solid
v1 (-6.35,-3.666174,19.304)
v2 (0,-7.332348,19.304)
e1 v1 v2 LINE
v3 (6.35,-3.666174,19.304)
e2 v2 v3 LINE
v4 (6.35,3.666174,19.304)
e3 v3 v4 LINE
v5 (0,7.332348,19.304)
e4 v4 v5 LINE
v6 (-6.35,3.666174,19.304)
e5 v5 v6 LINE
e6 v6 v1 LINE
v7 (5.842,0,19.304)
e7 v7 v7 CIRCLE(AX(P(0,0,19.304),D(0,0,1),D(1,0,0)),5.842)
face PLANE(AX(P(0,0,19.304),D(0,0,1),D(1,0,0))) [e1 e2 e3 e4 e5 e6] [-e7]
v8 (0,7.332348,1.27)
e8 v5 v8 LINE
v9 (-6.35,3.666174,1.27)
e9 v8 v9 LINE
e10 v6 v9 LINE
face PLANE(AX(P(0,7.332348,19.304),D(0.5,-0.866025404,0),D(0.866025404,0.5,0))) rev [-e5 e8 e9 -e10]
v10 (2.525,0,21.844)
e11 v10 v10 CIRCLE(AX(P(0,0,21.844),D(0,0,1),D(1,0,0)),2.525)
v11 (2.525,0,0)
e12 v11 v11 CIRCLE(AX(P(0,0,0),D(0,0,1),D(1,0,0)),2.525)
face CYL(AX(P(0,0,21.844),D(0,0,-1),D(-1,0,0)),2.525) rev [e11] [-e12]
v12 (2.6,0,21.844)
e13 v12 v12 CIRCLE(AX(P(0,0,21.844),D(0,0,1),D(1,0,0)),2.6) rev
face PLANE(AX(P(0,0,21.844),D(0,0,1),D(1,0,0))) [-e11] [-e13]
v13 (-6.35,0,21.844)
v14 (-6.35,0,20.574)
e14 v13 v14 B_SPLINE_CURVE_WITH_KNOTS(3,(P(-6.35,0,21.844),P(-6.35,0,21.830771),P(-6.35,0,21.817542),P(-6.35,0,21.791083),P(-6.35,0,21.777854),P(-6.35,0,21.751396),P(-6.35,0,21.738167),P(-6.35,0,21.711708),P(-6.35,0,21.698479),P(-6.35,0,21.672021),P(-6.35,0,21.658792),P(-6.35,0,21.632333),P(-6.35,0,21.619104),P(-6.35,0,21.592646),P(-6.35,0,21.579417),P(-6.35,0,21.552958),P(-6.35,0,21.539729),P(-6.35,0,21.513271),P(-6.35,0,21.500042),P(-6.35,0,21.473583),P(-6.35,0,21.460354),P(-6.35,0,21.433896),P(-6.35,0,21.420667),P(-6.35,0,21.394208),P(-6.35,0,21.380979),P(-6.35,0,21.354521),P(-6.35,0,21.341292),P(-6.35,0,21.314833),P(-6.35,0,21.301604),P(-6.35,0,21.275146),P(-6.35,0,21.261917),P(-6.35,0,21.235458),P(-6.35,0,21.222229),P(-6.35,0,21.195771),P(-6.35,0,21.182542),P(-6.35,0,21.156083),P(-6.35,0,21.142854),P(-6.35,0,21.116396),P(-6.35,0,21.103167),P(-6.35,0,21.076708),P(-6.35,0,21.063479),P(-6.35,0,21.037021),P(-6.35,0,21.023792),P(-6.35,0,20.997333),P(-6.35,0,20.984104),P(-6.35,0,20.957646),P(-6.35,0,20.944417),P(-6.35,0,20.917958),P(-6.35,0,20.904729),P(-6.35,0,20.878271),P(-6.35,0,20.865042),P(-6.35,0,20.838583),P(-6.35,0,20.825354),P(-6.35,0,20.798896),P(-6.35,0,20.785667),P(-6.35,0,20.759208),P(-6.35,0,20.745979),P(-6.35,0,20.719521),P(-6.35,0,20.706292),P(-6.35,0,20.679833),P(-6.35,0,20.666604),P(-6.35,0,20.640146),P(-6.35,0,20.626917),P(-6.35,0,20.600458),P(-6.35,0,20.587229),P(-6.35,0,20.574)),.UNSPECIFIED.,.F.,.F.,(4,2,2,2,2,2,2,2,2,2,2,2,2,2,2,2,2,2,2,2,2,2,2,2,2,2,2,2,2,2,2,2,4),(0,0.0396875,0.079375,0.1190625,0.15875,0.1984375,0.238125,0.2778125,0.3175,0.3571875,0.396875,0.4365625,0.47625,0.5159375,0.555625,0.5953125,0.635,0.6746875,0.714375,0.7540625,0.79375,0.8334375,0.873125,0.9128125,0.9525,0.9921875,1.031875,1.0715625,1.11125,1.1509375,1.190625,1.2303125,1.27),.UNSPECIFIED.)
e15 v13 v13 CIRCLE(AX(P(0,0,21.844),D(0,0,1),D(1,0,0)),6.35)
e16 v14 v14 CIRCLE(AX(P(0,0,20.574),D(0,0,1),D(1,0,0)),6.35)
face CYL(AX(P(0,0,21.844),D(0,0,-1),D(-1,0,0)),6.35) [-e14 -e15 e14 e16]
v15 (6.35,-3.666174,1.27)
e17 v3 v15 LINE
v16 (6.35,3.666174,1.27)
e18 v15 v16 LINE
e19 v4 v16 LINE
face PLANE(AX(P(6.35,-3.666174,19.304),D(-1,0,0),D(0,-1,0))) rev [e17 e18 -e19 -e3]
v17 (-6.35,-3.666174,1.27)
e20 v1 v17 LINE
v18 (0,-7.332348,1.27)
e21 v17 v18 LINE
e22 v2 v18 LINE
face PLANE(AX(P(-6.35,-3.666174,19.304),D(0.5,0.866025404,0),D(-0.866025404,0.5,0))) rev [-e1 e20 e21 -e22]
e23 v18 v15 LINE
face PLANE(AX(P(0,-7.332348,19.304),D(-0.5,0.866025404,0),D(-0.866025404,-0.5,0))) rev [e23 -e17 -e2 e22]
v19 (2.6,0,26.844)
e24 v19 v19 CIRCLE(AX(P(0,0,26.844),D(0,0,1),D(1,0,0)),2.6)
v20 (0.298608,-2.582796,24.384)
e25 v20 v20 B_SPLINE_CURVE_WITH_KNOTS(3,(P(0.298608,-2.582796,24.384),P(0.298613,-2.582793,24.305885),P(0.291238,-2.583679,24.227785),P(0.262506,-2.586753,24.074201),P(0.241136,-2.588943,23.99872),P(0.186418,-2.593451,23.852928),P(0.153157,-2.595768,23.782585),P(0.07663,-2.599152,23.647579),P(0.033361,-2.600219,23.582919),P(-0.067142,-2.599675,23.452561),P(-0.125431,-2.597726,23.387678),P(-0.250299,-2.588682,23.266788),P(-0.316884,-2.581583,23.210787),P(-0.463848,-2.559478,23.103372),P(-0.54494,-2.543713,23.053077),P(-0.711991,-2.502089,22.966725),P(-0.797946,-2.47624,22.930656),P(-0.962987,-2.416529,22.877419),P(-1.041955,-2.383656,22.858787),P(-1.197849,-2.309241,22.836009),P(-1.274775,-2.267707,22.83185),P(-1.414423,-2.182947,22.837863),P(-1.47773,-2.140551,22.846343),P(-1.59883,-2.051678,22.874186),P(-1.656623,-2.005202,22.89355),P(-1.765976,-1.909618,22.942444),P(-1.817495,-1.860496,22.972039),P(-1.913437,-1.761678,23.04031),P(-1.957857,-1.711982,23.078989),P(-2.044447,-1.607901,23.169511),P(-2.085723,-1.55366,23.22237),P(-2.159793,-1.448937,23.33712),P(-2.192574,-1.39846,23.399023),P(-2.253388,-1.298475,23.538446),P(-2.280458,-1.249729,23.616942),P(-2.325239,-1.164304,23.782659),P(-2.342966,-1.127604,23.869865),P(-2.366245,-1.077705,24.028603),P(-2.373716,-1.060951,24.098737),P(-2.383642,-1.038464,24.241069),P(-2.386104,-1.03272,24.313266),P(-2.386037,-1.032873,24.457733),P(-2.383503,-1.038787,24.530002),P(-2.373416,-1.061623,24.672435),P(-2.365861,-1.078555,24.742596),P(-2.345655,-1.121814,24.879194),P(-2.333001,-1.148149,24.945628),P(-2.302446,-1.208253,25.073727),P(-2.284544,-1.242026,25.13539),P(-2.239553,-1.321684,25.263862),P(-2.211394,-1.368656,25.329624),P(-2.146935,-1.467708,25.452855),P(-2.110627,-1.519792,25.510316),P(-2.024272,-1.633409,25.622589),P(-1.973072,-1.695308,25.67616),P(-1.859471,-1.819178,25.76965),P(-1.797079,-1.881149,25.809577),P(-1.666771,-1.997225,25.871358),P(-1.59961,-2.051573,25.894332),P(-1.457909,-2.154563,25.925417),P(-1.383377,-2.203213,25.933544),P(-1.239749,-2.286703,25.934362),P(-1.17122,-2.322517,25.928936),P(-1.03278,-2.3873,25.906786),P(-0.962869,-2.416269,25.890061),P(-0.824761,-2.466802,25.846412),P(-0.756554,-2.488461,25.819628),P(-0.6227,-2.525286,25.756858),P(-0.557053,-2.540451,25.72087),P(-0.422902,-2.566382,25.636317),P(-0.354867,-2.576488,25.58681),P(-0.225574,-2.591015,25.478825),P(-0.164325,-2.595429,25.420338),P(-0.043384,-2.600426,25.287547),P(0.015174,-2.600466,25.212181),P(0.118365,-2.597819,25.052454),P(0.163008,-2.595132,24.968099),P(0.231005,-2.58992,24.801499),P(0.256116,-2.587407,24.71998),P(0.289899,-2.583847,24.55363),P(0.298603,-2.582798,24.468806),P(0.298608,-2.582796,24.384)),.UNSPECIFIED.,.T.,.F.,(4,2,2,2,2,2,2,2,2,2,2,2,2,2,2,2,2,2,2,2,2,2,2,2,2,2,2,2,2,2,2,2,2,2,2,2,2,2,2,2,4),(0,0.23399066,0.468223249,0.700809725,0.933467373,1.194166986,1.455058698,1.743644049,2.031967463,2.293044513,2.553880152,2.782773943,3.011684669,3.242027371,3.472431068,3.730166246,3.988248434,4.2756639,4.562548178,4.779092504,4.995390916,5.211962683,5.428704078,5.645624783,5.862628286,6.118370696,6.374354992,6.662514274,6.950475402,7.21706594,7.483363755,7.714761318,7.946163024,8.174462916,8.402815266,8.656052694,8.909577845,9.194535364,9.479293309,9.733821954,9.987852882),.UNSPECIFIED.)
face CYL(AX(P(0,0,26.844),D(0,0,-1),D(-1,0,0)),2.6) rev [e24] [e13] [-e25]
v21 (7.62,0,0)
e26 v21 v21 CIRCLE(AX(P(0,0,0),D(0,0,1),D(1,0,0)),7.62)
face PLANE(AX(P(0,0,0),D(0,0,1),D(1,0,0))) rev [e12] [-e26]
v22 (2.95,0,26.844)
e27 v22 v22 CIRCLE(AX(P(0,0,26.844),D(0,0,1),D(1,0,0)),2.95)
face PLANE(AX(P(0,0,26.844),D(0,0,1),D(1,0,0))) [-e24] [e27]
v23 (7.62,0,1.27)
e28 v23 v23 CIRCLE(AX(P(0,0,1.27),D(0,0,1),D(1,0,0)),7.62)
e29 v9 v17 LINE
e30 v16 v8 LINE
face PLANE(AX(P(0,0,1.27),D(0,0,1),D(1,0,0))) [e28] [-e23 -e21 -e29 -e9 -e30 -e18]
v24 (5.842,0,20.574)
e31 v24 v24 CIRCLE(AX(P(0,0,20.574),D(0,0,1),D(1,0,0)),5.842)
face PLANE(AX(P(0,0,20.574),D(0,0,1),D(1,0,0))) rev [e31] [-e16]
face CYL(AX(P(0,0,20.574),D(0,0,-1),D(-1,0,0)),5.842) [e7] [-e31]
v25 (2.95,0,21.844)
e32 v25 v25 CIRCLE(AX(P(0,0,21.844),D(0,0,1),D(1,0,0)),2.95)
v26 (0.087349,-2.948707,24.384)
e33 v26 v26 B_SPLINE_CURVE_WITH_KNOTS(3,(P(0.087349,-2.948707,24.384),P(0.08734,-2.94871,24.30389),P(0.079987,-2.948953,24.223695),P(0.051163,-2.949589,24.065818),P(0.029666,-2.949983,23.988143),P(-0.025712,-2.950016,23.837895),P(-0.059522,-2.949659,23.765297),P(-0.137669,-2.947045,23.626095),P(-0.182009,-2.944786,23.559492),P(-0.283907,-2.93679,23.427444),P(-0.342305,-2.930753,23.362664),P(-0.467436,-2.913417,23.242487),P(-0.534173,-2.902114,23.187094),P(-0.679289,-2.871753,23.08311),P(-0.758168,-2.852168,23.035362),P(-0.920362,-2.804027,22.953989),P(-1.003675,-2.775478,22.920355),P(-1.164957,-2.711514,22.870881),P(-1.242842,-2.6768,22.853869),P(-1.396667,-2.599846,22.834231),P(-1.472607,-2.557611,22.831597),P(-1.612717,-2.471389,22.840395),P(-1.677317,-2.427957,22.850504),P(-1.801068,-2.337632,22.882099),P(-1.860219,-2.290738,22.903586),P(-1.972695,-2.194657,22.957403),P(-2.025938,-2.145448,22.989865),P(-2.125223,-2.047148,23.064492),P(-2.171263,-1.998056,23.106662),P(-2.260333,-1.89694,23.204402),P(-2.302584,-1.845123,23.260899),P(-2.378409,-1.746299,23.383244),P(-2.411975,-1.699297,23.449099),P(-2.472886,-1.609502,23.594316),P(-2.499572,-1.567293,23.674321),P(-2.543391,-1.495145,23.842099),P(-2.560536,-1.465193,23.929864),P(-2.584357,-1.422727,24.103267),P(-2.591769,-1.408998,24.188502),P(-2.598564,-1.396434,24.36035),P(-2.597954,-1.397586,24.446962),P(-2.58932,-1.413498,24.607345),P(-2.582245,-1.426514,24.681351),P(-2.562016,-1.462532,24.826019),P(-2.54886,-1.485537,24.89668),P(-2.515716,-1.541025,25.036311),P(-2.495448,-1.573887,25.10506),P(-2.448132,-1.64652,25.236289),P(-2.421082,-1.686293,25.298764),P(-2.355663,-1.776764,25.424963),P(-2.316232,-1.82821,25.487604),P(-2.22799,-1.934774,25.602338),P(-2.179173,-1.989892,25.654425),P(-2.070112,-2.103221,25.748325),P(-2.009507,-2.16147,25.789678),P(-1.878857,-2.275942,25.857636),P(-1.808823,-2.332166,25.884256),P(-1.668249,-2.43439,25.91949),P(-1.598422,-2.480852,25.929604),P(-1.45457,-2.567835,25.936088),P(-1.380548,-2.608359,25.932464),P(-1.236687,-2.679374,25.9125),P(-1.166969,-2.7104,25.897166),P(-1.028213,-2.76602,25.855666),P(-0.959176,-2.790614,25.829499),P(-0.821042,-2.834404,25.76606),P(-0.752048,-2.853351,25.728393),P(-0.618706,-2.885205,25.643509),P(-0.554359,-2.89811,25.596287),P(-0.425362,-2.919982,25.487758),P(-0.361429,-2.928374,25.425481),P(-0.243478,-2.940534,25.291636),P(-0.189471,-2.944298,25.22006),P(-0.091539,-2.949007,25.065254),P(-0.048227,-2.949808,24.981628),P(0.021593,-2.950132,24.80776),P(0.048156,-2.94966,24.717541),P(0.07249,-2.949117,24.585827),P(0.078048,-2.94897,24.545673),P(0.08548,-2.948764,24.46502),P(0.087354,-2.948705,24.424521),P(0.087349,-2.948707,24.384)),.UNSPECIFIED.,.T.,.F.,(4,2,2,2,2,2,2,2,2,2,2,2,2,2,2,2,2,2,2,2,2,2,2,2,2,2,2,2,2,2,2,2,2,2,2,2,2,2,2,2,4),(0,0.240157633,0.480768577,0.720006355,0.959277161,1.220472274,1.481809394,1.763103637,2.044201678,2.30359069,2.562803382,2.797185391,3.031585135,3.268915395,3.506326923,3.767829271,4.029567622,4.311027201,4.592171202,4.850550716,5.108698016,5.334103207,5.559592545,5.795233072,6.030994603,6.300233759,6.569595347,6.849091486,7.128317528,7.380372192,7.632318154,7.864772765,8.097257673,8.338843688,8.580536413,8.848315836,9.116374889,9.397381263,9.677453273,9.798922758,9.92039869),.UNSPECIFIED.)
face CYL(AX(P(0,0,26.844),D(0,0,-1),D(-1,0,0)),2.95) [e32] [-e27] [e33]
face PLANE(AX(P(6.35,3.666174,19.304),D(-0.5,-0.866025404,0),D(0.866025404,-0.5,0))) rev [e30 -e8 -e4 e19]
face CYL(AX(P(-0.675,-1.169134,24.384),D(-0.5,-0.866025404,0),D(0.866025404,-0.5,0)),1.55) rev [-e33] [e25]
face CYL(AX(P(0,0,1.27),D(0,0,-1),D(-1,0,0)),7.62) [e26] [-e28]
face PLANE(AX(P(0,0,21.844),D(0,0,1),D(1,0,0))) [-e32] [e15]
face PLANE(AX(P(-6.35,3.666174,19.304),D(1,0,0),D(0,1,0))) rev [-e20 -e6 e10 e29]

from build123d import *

# Parameters (mm, degrees)
BOSS_EXTRU_1_DEPTH      = 19.304
ESQUISSE2_R             = 7.62
BOSS_EXTRU_2_DEPTH      = 1.27
ESQUISSE3_R             = 5.842
BOSS_EXTRU_3_DEPTH      = 1.27
ESQUISSE4_R             = 6.35
BOSS_EXTRU_4_DEPTH      = 1.27
ESQUISSE5_R             = 2.525
ENL_V_MAT_EXTRU_1_DEPTH = 25.357527297
ESQUISSE7_R             = 2.95
ESQUISSE7_R_2           = 2.6
BOSS_EXTRU_6_DEPTH      = 5
ESQUISSE8_R             = 1.55
ENL_V_MAT_EXTRU_2_DEPTH = 5


with BuildPart() as part:
    # Esquisse1 → Boss.-Extru.1 (new body)
    with BuildSketch(Plane.XY):
        Polygon((0, 7.332348419), (-6.35, 3.666174209), (-6.35, -3.666174209), (0, -7.332348419), (6.35, -3.666174209), (6.35, 3.666174209), align=None)
    extrude(amount=BOSS_EXTRU_1_DEPTH)

    # Esquisse2 → Boss.-Extru.2 (add)
    with BuildSketch(Plane.XY):
        Circle(ESQUISSE2_R)
    extrude(amount=BOSS_EXTRU_2_DEPTH)

    # Esquisse3 → Boss.-Extru.3 (add)
    with BuildSketch(Plane.XY.offset(19.304)):
        Circle(ESQUISSE3_R)
    extrude(amount=BOSS_EXTRU_3_DEPTH)

    # Esquisse4 → Boss.-Extru.4 (add)
    with BuildSketch(Plane.XY.offset(20.574)):
        with Locations(Location((0, 0, 0), (0, 0, 180))):
            Circle(ESQUISSE4_R)
    extrude(amount=BOSS_EXTRU_4_DEPTH)

    # Esquisse5 → Enlèv. mat.-Extru.1 (cut, through all)
    with BuildSketch(Plane.XY):
        Circle(ESQUISSE5_R)
    extrude(amount=ENL_V_MAT_EXTRU_1_DEPTH, mode=Mode.SUBTRACT)

    # Esquisse7 → Boss.-Extru.6 (add)
    with BuildSketch(Plane.XY.offset(21.844)):
        Circle(ESQUISSE7_R)
        Circle(ESQUISSE7_R_2, mode=Mode.SUBTRACT)
    extrude(amount=BOSS_EXTRU_6_DEPTH)

    # Esquisse8 → Enlèv. mat.-Extru.2 (cut)
    with BuildSketch(Plane(origin=(-3.175, -5.499261314, 0), x_dir=(0.8660254037844417, -0.49999999999999495, 0), z_dir=(-0.49999999999999495, -0.8660254037844417, 0))):
        with Locations((0, 24.384)):
            Circle(ESQUISSE8_R)
    extrude(amount=-ENL_V_MAT_EXTRU_2_DEPTH, mode=Mode.SUBTRACT)


solid = part.part
